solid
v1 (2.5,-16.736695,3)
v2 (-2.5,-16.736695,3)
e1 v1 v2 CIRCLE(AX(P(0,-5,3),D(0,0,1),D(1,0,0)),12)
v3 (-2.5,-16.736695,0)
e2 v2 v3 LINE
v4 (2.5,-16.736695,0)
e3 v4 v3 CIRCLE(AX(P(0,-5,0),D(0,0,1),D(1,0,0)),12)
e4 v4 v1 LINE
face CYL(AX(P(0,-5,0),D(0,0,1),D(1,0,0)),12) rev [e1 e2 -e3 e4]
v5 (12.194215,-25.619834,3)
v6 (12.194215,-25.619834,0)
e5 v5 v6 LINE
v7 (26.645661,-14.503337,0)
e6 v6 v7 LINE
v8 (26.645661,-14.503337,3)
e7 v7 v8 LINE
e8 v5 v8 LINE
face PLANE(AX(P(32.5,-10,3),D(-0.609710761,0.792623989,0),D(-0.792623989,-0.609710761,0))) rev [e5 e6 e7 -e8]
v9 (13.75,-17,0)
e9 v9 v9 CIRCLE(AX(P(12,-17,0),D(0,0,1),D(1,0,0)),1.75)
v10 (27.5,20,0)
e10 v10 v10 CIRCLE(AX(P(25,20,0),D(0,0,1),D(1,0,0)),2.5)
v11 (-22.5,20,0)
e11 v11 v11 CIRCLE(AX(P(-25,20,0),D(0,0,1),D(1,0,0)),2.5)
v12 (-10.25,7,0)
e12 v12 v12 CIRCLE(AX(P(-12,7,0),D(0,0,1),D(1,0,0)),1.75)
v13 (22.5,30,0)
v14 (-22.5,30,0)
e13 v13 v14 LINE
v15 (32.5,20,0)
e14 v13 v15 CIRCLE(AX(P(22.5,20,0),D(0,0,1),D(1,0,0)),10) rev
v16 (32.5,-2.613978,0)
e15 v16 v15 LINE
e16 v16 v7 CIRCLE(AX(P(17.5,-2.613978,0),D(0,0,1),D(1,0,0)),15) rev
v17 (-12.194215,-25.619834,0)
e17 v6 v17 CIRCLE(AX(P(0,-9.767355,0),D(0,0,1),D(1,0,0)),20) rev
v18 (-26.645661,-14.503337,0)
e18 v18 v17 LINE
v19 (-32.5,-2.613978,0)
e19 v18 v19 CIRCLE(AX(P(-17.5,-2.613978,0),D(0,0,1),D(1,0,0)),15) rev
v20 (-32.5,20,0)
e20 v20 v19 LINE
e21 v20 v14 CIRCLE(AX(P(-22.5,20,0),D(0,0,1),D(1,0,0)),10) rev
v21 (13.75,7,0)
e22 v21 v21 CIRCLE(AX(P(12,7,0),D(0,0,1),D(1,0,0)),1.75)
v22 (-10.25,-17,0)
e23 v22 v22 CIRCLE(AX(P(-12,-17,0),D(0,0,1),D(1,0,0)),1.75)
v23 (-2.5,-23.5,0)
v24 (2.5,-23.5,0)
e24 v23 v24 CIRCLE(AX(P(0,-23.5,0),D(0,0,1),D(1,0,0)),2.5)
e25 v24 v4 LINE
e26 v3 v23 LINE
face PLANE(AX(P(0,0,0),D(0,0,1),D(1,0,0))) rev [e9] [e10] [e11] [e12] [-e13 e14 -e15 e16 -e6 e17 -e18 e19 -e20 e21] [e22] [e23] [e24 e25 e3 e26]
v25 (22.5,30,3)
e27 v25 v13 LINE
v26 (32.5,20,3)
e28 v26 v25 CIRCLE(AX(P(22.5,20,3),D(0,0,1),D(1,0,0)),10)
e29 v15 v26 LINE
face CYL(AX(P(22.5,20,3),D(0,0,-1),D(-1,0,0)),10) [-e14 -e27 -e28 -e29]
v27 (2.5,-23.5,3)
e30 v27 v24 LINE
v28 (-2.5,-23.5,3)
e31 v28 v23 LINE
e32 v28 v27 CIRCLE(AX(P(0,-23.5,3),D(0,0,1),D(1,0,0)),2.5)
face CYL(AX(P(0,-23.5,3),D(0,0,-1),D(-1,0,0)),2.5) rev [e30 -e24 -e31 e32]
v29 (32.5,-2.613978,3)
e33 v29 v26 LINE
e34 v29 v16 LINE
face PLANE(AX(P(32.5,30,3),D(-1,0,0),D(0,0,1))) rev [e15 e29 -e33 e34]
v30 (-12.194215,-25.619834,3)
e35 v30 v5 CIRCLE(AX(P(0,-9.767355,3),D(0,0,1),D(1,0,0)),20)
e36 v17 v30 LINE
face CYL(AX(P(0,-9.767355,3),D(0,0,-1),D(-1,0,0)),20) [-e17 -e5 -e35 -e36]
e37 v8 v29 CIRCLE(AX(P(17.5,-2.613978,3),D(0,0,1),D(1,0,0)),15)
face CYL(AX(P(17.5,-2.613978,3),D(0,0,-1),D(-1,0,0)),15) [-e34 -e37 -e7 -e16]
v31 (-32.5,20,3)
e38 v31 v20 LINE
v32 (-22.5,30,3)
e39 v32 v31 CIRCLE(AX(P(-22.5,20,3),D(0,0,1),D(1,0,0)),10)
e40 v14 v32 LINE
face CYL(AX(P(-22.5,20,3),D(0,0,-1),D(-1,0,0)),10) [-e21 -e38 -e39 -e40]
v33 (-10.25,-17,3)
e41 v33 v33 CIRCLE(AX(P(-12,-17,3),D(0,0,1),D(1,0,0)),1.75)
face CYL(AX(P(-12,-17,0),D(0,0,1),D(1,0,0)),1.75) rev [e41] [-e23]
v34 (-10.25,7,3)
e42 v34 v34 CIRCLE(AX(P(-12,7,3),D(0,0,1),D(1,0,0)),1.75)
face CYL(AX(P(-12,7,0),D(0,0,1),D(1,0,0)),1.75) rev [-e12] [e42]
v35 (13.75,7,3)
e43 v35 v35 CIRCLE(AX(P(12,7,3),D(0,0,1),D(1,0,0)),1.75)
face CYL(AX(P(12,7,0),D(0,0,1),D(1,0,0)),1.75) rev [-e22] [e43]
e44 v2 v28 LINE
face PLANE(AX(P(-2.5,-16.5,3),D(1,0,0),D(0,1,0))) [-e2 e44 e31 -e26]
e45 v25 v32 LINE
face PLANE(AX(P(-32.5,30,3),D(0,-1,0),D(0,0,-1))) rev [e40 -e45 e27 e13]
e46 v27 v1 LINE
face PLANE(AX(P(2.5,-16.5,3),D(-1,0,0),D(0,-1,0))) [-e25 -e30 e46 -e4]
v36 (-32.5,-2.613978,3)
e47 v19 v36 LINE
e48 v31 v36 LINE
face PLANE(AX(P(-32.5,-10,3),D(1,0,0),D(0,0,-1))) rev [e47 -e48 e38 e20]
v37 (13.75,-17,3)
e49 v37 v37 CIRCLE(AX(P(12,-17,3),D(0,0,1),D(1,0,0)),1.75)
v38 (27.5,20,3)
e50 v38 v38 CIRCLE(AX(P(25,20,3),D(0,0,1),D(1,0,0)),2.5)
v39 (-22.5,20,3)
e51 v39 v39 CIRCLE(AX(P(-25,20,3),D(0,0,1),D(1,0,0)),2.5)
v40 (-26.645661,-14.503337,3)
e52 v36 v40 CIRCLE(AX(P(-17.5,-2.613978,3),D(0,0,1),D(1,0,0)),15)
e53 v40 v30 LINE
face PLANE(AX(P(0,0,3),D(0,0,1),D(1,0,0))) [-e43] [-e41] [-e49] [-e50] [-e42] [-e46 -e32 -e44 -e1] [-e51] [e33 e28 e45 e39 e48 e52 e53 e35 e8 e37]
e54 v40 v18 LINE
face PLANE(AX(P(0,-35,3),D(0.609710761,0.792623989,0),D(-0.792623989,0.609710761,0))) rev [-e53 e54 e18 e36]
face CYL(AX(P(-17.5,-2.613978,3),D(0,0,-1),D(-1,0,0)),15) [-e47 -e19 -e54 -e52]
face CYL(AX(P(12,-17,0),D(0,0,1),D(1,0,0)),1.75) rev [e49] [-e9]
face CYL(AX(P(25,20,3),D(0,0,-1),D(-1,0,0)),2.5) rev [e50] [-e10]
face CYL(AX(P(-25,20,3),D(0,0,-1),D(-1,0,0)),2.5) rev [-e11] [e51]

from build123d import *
from OCP.BRepFilletAPI import BRepFilletAPI_MakeFillet

# Parameters (mm, degrees)
SKETCH1_R           = 2.5
BOSS_EXTRUDE1_DEPTH = 3
FILLET1_R1          = 10
FILLET1_R2          = 15
FILLET1_R3          = 20
SKETCH2_R           = 1.75
SKETCH2_R_2         = 12
CUT_EXTRUDE1_DEPTH  = 45.331140297


with BuildPart() as part:
    # Sketch1 → Boss-Extrude1 (new body)
    with BuildSketch(Plane.XY):
        Polygon((-32.5, 30), (32.5, 30), (32.5, -10), (0, -35), (-32.5, -10), align=None)
        with Locations((25, 20)):
            Circle(SKETCH1_R, mode=Mode.SUBTRACT)
        with Locations((-25, 20)):
            Circle(SKETCH1_R, mode=Mode.SUBTRACT)
        with BuildLine():
            Line((2.5, -16.5), (2.5, -23.5))
            ThreePointArc((2.5, -23.5), (0, -26), (-2.5, -23.5))
            Line((-2.5, -23.5), (-2.5, -16.5))
            ThreePointArc((-2.5, -16.5), (0, -14), (2.5, -16.5))
        make_face(mode=Mode.SUBTRACT)
    extrude(amount=BOSS_EXTRUDE1_DEPTH)

    # Fillet1: one fillet with a radius per group of edges: ONE call of the kernel's fillet builder (fillet() takes one radius for all edges)
    fillet1_edges_1 = [part.edges().sort_by_distance(p)[0] for p in [
        (32.5, 30, 1.5),
        (-32.5, 30, 1.5),
    ]]
    fillet1_edges_2 = [part.edges().sort_by_distance(p)[0] for p in [
        (-32.5, -10, 1.5),
        (32.5, -10, 1.5),
    ]]
    fillet1_edges_3 = [part.edges().sort_by_distance(p)[0] for p in [
        (0, -35, 1.5),
    ]]
    fillet1 = BRepFilletAPI_MakeFillet(part.part.solid().wrapped)
    for e in fillet1_edges_1:
        fillet1.Add(FILLET1_R1, e.wrapped)
    for e in fillet1_edges_2:
        fillet1.Add(FILLET1_R2, e.wrapped)
    for e in fillet1_edges_3:
        fillet1.Add(FILLET1_R3, e.wrapped)
    add(Compound.cast(fillet1.Shape()), mode=Mode.REPLACE)

    # Sketch2 → Cut-Extrude1 (cut, through all)
    with BuildSketch(Plane.XY.offset(3)):
        with Locations((12, 7)):
            Circle(SKETCH2_R)
        with Locations((12, -17)):
            Circle(SKETCH2_R)
        with Locations((-12, -17)):
            Circle(SKETCH2_R)
        with Locations((-12, 7)):
            Circle(SKETCH2_R)
        with Locations((0, -5)):
            Circle(SKETCH2_R_2)
    extrude(amount=-CUT_EXTRUDE1_DEPTH, mode=Mode.SUBTRACT)


solid = part.part
